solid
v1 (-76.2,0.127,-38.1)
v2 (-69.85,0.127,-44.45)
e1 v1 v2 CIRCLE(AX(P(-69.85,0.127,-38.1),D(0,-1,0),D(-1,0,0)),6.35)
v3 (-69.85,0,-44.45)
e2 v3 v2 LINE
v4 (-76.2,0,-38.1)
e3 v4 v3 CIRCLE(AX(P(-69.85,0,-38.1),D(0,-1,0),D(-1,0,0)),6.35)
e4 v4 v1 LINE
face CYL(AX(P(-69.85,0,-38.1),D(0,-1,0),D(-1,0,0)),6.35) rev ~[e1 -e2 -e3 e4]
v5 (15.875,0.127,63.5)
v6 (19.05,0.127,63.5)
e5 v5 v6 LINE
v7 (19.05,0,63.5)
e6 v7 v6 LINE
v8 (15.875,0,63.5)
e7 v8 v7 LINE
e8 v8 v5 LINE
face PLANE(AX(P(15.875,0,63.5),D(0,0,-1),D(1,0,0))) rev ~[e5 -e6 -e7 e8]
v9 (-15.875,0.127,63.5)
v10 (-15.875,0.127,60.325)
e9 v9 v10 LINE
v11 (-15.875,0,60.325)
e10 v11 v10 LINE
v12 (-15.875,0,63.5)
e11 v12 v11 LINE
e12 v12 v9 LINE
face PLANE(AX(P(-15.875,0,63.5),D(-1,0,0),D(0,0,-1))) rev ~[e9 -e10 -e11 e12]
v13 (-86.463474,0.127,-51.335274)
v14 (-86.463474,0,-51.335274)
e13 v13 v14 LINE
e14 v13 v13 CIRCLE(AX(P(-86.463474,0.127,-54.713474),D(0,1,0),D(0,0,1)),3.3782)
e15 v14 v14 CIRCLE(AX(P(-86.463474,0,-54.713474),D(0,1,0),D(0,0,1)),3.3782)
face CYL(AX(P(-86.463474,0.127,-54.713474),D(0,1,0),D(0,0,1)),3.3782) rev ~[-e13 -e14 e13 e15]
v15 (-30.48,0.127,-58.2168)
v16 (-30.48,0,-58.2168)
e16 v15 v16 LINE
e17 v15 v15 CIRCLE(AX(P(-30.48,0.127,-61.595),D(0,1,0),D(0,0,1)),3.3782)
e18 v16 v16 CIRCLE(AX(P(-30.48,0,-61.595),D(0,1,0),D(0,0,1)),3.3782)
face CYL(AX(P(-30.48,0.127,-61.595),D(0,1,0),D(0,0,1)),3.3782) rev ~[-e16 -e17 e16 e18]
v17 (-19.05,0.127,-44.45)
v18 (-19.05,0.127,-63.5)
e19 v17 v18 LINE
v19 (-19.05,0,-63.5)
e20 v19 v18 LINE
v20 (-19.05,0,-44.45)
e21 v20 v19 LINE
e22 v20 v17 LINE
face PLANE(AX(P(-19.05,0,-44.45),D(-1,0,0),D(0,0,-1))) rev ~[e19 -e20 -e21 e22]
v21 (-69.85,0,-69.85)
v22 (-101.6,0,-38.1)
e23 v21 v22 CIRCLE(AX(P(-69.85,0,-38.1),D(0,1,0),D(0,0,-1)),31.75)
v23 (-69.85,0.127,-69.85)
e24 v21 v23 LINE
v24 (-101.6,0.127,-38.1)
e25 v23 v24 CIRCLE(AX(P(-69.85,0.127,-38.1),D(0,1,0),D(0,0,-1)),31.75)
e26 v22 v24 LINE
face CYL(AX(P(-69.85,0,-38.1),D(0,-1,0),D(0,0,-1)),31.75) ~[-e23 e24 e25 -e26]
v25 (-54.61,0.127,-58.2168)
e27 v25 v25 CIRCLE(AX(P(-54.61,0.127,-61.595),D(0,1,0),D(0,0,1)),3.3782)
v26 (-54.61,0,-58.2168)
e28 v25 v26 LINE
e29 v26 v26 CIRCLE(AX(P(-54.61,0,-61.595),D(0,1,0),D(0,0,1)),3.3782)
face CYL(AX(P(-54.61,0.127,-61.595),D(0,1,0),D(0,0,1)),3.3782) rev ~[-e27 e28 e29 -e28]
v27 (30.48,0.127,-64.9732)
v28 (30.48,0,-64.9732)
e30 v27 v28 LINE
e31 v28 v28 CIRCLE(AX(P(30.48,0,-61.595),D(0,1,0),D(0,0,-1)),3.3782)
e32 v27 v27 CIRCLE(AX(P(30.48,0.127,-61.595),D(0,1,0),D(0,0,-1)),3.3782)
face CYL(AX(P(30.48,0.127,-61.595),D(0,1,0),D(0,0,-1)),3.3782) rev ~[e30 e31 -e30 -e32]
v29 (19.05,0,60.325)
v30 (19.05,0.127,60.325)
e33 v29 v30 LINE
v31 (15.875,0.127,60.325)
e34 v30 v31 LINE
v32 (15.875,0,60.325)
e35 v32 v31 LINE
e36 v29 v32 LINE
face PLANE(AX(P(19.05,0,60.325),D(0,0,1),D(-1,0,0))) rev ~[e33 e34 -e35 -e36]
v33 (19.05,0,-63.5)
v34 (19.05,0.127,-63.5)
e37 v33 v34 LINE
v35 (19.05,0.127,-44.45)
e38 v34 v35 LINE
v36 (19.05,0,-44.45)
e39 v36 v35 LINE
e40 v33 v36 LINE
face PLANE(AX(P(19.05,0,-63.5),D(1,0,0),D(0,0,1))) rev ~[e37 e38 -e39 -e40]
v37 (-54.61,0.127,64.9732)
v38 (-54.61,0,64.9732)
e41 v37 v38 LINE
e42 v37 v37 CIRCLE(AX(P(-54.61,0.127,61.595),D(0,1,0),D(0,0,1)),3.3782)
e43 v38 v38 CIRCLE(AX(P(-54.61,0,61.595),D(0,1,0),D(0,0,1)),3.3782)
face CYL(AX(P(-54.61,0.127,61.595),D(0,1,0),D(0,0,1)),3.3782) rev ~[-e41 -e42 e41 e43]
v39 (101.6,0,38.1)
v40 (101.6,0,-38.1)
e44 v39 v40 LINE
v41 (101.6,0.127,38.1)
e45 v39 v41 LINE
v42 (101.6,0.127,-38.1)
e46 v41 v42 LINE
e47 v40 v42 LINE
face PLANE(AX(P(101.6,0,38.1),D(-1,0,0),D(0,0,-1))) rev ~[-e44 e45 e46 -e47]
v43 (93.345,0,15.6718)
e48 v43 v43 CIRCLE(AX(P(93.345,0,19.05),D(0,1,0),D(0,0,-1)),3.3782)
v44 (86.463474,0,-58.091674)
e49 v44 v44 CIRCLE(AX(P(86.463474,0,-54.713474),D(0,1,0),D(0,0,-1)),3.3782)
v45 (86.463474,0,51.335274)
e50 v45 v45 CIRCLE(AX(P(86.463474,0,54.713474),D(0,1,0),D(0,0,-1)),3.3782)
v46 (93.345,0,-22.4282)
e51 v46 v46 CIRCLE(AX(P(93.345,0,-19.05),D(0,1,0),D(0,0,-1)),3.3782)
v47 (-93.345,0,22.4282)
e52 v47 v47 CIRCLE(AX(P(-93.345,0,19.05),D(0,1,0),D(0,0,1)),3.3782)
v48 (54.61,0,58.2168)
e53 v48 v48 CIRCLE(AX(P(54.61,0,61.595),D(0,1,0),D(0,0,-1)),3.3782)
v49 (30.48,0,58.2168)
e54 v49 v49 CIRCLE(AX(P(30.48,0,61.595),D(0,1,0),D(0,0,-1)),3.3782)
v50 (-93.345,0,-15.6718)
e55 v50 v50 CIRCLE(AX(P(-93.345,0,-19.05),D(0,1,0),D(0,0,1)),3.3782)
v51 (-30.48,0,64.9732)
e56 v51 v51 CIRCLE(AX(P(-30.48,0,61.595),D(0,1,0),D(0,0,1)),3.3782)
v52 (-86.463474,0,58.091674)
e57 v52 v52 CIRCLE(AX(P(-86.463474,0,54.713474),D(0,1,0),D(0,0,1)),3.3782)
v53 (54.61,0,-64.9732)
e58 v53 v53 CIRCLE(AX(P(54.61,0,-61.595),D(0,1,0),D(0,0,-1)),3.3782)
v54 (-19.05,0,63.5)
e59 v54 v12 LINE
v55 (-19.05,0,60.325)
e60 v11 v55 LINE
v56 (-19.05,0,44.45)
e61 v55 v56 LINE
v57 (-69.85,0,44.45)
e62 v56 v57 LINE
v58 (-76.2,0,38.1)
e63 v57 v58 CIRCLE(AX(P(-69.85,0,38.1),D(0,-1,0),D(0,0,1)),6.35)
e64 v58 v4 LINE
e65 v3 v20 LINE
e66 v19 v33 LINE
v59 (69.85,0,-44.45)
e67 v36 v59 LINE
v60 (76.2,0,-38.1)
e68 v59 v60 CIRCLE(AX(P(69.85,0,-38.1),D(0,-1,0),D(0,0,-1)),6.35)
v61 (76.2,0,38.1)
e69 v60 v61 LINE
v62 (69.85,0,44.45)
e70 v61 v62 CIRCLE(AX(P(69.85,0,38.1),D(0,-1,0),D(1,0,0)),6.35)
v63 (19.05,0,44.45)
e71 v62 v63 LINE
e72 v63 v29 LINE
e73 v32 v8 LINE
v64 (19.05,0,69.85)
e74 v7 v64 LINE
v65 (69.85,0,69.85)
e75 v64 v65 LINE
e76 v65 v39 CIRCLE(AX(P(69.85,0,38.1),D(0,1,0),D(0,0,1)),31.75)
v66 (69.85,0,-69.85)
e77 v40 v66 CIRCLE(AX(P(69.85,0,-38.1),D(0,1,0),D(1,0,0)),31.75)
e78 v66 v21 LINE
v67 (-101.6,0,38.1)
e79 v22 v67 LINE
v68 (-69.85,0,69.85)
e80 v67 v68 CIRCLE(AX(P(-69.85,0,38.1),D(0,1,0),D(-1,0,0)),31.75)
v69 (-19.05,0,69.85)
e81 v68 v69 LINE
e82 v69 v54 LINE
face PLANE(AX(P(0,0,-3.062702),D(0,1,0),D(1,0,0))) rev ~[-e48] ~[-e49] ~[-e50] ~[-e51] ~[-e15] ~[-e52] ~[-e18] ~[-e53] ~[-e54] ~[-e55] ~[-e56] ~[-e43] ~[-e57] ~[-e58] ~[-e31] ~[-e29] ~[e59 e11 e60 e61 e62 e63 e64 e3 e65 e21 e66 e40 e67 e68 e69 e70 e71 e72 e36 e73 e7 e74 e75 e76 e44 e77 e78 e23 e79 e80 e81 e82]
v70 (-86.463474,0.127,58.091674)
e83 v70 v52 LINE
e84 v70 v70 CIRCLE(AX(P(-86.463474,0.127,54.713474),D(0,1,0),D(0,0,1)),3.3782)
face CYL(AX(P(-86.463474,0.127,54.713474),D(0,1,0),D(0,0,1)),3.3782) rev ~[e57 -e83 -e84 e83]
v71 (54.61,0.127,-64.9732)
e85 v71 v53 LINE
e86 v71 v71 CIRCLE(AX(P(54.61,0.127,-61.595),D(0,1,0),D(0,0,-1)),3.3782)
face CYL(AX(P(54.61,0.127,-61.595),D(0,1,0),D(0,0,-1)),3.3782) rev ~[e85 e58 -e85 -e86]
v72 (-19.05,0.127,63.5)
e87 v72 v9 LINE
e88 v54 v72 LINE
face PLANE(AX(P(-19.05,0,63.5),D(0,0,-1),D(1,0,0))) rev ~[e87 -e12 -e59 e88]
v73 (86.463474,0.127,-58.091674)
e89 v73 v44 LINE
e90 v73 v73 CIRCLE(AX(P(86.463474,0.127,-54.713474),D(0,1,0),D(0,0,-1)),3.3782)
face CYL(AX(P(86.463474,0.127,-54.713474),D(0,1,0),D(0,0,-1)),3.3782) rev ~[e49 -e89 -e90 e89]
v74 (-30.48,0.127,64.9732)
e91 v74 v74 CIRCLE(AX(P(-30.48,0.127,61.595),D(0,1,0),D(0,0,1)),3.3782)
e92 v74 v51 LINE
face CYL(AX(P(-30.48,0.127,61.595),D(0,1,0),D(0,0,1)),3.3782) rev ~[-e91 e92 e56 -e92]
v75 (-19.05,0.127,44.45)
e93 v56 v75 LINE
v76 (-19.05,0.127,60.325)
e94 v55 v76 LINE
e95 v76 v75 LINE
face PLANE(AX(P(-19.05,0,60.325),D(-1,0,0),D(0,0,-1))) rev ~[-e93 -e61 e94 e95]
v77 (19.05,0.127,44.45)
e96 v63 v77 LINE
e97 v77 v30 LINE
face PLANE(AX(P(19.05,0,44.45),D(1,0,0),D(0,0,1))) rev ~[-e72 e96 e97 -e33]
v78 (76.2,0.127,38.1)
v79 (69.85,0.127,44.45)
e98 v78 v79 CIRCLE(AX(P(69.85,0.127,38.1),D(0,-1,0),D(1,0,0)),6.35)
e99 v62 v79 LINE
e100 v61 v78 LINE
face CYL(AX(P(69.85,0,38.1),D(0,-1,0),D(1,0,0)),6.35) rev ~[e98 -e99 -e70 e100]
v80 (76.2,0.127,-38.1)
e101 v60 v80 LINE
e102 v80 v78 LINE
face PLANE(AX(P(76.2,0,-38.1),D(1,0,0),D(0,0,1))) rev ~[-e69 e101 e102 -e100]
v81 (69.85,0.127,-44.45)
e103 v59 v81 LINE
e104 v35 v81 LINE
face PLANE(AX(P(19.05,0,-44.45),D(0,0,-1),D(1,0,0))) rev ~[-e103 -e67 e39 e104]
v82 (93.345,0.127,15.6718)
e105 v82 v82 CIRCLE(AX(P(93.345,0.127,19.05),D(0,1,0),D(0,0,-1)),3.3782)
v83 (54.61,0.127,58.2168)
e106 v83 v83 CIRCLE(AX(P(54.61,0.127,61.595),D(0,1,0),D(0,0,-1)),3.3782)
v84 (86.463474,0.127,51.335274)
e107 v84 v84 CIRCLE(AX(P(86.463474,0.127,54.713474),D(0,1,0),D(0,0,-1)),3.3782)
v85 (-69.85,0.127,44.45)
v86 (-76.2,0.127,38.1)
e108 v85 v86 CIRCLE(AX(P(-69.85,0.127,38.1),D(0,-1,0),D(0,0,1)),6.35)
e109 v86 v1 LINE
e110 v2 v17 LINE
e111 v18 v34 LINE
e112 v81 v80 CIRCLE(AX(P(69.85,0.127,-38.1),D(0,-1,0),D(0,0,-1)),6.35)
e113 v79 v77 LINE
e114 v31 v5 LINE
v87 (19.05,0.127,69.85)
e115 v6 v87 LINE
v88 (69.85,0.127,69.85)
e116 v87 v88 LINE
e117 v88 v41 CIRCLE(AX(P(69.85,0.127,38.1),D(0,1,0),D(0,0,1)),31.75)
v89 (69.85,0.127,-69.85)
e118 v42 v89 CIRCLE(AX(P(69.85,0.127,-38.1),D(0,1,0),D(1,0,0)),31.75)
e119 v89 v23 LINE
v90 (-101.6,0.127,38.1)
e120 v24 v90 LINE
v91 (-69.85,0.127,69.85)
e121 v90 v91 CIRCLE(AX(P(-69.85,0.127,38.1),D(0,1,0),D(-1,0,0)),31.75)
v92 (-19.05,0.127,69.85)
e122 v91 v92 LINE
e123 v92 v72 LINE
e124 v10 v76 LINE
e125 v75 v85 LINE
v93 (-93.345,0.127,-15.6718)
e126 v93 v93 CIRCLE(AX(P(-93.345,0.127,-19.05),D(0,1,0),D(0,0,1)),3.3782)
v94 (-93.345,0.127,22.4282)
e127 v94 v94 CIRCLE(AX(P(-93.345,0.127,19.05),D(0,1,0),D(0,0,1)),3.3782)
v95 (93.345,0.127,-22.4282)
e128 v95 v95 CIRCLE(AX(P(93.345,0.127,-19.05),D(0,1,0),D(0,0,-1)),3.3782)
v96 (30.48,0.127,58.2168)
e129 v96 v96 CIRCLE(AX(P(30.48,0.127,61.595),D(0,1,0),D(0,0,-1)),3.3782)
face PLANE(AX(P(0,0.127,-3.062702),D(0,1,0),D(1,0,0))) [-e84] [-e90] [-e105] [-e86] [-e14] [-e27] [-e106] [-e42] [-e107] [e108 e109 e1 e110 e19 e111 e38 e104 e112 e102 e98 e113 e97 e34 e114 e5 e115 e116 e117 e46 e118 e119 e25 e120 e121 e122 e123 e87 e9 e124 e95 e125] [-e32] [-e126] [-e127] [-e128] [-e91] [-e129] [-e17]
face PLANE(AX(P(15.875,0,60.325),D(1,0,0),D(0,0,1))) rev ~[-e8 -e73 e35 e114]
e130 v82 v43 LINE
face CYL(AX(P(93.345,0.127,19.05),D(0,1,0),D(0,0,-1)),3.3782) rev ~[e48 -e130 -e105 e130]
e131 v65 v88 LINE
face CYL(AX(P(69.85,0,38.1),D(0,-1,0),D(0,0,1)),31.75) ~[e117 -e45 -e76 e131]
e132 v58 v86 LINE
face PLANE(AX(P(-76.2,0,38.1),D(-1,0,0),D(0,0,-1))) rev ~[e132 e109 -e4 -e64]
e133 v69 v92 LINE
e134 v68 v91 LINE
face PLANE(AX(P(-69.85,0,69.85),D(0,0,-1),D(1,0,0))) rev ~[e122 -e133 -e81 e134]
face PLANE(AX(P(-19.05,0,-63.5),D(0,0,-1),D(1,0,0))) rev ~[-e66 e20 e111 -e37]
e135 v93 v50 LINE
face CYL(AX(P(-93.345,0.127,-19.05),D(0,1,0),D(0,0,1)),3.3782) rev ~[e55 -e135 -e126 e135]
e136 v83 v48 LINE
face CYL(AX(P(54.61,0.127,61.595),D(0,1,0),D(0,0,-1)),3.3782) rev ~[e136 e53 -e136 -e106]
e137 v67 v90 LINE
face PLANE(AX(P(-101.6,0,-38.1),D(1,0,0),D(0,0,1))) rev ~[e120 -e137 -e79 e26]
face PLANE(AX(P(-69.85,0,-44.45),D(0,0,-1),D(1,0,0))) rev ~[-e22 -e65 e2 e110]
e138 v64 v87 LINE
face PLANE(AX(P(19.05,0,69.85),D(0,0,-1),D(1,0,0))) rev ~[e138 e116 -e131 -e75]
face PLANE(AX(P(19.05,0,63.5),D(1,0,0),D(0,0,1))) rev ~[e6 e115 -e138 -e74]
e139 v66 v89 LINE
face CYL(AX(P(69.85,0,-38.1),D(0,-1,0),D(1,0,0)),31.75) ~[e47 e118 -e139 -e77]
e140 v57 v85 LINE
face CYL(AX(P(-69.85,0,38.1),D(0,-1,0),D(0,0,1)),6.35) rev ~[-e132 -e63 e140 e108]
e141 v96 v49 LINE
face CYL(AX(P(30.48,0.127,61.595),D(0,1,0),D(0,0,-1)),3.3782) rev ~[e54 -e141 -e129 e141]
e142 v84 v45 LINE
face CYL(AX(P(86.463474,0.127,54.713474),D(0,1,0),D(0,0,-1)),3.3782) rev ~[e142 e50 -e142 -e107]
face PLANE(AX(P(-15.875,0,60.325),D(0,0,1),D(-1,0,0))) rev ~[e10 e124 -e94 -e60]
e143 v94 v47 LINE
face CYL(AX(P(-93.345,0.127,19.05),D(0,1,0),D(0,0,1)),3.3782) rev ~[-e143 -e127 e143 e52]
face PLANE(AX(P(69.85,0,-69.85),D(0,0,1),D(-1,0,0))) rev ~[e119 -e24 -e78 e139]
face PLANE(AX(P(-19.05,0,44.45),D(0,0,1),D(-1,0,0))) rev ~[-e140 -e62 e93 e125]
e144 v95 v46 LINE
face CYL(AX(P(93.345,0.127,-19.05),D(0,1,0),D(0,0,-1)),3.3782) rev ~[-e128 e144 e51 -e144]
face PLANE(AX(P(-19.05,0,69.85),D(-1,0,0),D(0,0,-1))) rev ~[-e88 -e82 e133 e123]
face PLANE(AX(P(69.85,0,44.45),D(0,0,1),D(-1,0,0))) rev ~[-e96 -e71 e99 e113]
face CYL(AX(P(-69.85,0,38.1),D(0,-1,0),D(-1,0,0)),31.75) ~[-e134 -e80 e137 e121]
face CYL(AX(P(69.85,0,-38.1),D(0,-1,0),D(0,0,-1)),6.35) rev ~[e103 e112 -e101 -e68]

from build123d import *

# Parameters (mm, degrees)
BOSS_EXTRUDE1_DEPTH = 0.127
SKETCH2_R           = 3.3782
CUT_EXTRUDE1_DEPTH  = 124.294763186


with BuildPart() as part:
    # Sketch1 → Boss-Extrude1 (new body)
    with BuildSketch(Plane(origin=(0, 0, 0), x_dir=(1, 0, 0), z_dir=(0, 1, 0))):
        with BuildLine():
            Line((19.05, 44.45), (69.85, 44.45))
            ThreePointArc((69.85, 44.45), (74.340128061, 42.590128061), (76.2, 38.1))
            Line((76.2, 38.1), (76.2, -38.1))
            ThreePointArc((76.2, -38.1), (74.340128061, -42.590128061), (69.85, -44.45))
            Line((69.85, -44.45), (19.05, -44.45))
            Line((19.05, -44.45), (19.05, -60.325))
            Line((19.05, -60.325), (15.875, -60.325))
            Line((15.875, -60.325), (15.875, -63.5))
            Line((15.875, -63.5), (19.05, -63.5))
            Line((19.05, -63.5), (19.05, -69.85))
            Line((19.05, -69.85), (69.85, -69.85))
            ThreePointArc((69.85, -69.85), (92.300640303, -60.550640303), (101.6, -38.1))
            Line((101.6, -38.1), (101.6, 38.1))
            ThreePointArc((101.6, 38.1), (92.300640303, 60.550640303), (69.85, 69.85))
            Line((69.85, 69.85), (-69.85, 69.85))
            ThreePointArc((-69.85, 69.85), (-92.300640303, 60.550640303), (-101.6, 38.1))
            Line((-101.6, 38.1), (-101.6, -38.1))
            ThreePointArc((-101.6, -38.1), (-92.300640303, -60.550640303), (-69.85, -69.85))
            Line((-69.85, -69.85), (-19.05, -69.85))
            Line((-19.05, -69.85), (-19.05, -63.5))
            Line((-19.05, -63.5), (-15.875, -63.5))
            Line((-15.875, -63.5), (-15.875, -60.325))
            Line((-15.875, -60.325), (-19.05, -60.325))
            Line((-19.05, -60.325), (-19.05, -44.45))
            Line((-19.05, -44.45), (-69.85, -44.45))
            ThreePointArc((-69.85, -44.45), (-74.340128061, -42.590128061), (-76.2, -38.1))
            Line((-76.2, -38.1), (-76.2, 38.1))
            ThreePointArc((-76.2, 38.1), (-74.340128061, 42.590128061), (-69.85, 44.45))
            Line((-69.85, 44.45), (-19.05, 44.45))
            Line((-19.05, 44.45), (-19.05, 63.5))
            Line((-19.05, 63.5), (19.05, 63.5))
            Line((19.05, 63.5), (19.05, 44.45))
        make_face()
    extrude(amount=BOSS_EXTRUDE1_DEPTH)

    # Sketch2 → Cut-Extrude1 (cut, through all)
    with BuildSketch(Plane(origin=(0, 0.127, 0), x_dir=(1, 0, 0), z_dir=(0, 1, 0))):
        with Locations(Location((-30.48, 61.595, 0), (0, 0, 270))):
            Circle(SKETCH2_R)
        with Locations(Location((-54.61, 61.595, 0), (0, 0, 270))):
            Circle(SKETCH2_R)
        with Locations(Location((30.48, -61.595, 0), (0, 0, 90))):
            Circle(SKETCH2_R)
        with Locations(Location((54.61, -61.595, 0), (0, 0, 90))):
            Circle(SKETCH2_R)
        with Locations(Location((86.463473824, -54.713473824, 0), (0, 0, 90))):
            Circle(SKETCH2_R)
        with Locations(Location((-86.463473824, 54.713473824, 0), (0, 0, 270))):
            Circle(SKETCH2_R)
        with Locations(Location((-93.345, 19.05, 0), (0, 0, 270))):
            Circle(SKETCH2_R)
        with Locations(Location((-93.345, -19.05, 0), (0, 0, 270))):
            Circle(SKETCH2_R)
        with Locations(Location((93.345, -19.05, 0), (0, 0, 90))):
            Circle(SKETCH2_R)
        with Locations(Location((93.345, 19.05, 0), (0, 0, 90))):
            Circle(SKETCH2_R)
        with Locations(Location((86.463473824, 54.713473824, 0), (0, 0, 90))):
            Circle(SKETCH2_R)
        with Locations(Location((-86.463473824, -54.713473824, 0), (0, 0, 270))):
            Circle(SKETCH2_R)
        with Locations(Location((-54.61, -61.595, 0), (0, 0, 270))):
            Circle(SKETCH2_R)
        with Locations(Location((-30.48, -61.595, 0), (0, 0, 270))):
            Circle(SKETCH2_R)
        with Locations(Location((54.61, 61.595, 0), (0, 0, 90))):
            Circle(SKETCH2_R)
        with Locations(Location((30.48, 61.595, 0), (0, 0, 90))):
            Circle(SKETCH2_R)
    extrude(amount=-CUT_EXTRUDE1_DEPTH, mode=Mode.SUBTRACT)


solid = part.part
